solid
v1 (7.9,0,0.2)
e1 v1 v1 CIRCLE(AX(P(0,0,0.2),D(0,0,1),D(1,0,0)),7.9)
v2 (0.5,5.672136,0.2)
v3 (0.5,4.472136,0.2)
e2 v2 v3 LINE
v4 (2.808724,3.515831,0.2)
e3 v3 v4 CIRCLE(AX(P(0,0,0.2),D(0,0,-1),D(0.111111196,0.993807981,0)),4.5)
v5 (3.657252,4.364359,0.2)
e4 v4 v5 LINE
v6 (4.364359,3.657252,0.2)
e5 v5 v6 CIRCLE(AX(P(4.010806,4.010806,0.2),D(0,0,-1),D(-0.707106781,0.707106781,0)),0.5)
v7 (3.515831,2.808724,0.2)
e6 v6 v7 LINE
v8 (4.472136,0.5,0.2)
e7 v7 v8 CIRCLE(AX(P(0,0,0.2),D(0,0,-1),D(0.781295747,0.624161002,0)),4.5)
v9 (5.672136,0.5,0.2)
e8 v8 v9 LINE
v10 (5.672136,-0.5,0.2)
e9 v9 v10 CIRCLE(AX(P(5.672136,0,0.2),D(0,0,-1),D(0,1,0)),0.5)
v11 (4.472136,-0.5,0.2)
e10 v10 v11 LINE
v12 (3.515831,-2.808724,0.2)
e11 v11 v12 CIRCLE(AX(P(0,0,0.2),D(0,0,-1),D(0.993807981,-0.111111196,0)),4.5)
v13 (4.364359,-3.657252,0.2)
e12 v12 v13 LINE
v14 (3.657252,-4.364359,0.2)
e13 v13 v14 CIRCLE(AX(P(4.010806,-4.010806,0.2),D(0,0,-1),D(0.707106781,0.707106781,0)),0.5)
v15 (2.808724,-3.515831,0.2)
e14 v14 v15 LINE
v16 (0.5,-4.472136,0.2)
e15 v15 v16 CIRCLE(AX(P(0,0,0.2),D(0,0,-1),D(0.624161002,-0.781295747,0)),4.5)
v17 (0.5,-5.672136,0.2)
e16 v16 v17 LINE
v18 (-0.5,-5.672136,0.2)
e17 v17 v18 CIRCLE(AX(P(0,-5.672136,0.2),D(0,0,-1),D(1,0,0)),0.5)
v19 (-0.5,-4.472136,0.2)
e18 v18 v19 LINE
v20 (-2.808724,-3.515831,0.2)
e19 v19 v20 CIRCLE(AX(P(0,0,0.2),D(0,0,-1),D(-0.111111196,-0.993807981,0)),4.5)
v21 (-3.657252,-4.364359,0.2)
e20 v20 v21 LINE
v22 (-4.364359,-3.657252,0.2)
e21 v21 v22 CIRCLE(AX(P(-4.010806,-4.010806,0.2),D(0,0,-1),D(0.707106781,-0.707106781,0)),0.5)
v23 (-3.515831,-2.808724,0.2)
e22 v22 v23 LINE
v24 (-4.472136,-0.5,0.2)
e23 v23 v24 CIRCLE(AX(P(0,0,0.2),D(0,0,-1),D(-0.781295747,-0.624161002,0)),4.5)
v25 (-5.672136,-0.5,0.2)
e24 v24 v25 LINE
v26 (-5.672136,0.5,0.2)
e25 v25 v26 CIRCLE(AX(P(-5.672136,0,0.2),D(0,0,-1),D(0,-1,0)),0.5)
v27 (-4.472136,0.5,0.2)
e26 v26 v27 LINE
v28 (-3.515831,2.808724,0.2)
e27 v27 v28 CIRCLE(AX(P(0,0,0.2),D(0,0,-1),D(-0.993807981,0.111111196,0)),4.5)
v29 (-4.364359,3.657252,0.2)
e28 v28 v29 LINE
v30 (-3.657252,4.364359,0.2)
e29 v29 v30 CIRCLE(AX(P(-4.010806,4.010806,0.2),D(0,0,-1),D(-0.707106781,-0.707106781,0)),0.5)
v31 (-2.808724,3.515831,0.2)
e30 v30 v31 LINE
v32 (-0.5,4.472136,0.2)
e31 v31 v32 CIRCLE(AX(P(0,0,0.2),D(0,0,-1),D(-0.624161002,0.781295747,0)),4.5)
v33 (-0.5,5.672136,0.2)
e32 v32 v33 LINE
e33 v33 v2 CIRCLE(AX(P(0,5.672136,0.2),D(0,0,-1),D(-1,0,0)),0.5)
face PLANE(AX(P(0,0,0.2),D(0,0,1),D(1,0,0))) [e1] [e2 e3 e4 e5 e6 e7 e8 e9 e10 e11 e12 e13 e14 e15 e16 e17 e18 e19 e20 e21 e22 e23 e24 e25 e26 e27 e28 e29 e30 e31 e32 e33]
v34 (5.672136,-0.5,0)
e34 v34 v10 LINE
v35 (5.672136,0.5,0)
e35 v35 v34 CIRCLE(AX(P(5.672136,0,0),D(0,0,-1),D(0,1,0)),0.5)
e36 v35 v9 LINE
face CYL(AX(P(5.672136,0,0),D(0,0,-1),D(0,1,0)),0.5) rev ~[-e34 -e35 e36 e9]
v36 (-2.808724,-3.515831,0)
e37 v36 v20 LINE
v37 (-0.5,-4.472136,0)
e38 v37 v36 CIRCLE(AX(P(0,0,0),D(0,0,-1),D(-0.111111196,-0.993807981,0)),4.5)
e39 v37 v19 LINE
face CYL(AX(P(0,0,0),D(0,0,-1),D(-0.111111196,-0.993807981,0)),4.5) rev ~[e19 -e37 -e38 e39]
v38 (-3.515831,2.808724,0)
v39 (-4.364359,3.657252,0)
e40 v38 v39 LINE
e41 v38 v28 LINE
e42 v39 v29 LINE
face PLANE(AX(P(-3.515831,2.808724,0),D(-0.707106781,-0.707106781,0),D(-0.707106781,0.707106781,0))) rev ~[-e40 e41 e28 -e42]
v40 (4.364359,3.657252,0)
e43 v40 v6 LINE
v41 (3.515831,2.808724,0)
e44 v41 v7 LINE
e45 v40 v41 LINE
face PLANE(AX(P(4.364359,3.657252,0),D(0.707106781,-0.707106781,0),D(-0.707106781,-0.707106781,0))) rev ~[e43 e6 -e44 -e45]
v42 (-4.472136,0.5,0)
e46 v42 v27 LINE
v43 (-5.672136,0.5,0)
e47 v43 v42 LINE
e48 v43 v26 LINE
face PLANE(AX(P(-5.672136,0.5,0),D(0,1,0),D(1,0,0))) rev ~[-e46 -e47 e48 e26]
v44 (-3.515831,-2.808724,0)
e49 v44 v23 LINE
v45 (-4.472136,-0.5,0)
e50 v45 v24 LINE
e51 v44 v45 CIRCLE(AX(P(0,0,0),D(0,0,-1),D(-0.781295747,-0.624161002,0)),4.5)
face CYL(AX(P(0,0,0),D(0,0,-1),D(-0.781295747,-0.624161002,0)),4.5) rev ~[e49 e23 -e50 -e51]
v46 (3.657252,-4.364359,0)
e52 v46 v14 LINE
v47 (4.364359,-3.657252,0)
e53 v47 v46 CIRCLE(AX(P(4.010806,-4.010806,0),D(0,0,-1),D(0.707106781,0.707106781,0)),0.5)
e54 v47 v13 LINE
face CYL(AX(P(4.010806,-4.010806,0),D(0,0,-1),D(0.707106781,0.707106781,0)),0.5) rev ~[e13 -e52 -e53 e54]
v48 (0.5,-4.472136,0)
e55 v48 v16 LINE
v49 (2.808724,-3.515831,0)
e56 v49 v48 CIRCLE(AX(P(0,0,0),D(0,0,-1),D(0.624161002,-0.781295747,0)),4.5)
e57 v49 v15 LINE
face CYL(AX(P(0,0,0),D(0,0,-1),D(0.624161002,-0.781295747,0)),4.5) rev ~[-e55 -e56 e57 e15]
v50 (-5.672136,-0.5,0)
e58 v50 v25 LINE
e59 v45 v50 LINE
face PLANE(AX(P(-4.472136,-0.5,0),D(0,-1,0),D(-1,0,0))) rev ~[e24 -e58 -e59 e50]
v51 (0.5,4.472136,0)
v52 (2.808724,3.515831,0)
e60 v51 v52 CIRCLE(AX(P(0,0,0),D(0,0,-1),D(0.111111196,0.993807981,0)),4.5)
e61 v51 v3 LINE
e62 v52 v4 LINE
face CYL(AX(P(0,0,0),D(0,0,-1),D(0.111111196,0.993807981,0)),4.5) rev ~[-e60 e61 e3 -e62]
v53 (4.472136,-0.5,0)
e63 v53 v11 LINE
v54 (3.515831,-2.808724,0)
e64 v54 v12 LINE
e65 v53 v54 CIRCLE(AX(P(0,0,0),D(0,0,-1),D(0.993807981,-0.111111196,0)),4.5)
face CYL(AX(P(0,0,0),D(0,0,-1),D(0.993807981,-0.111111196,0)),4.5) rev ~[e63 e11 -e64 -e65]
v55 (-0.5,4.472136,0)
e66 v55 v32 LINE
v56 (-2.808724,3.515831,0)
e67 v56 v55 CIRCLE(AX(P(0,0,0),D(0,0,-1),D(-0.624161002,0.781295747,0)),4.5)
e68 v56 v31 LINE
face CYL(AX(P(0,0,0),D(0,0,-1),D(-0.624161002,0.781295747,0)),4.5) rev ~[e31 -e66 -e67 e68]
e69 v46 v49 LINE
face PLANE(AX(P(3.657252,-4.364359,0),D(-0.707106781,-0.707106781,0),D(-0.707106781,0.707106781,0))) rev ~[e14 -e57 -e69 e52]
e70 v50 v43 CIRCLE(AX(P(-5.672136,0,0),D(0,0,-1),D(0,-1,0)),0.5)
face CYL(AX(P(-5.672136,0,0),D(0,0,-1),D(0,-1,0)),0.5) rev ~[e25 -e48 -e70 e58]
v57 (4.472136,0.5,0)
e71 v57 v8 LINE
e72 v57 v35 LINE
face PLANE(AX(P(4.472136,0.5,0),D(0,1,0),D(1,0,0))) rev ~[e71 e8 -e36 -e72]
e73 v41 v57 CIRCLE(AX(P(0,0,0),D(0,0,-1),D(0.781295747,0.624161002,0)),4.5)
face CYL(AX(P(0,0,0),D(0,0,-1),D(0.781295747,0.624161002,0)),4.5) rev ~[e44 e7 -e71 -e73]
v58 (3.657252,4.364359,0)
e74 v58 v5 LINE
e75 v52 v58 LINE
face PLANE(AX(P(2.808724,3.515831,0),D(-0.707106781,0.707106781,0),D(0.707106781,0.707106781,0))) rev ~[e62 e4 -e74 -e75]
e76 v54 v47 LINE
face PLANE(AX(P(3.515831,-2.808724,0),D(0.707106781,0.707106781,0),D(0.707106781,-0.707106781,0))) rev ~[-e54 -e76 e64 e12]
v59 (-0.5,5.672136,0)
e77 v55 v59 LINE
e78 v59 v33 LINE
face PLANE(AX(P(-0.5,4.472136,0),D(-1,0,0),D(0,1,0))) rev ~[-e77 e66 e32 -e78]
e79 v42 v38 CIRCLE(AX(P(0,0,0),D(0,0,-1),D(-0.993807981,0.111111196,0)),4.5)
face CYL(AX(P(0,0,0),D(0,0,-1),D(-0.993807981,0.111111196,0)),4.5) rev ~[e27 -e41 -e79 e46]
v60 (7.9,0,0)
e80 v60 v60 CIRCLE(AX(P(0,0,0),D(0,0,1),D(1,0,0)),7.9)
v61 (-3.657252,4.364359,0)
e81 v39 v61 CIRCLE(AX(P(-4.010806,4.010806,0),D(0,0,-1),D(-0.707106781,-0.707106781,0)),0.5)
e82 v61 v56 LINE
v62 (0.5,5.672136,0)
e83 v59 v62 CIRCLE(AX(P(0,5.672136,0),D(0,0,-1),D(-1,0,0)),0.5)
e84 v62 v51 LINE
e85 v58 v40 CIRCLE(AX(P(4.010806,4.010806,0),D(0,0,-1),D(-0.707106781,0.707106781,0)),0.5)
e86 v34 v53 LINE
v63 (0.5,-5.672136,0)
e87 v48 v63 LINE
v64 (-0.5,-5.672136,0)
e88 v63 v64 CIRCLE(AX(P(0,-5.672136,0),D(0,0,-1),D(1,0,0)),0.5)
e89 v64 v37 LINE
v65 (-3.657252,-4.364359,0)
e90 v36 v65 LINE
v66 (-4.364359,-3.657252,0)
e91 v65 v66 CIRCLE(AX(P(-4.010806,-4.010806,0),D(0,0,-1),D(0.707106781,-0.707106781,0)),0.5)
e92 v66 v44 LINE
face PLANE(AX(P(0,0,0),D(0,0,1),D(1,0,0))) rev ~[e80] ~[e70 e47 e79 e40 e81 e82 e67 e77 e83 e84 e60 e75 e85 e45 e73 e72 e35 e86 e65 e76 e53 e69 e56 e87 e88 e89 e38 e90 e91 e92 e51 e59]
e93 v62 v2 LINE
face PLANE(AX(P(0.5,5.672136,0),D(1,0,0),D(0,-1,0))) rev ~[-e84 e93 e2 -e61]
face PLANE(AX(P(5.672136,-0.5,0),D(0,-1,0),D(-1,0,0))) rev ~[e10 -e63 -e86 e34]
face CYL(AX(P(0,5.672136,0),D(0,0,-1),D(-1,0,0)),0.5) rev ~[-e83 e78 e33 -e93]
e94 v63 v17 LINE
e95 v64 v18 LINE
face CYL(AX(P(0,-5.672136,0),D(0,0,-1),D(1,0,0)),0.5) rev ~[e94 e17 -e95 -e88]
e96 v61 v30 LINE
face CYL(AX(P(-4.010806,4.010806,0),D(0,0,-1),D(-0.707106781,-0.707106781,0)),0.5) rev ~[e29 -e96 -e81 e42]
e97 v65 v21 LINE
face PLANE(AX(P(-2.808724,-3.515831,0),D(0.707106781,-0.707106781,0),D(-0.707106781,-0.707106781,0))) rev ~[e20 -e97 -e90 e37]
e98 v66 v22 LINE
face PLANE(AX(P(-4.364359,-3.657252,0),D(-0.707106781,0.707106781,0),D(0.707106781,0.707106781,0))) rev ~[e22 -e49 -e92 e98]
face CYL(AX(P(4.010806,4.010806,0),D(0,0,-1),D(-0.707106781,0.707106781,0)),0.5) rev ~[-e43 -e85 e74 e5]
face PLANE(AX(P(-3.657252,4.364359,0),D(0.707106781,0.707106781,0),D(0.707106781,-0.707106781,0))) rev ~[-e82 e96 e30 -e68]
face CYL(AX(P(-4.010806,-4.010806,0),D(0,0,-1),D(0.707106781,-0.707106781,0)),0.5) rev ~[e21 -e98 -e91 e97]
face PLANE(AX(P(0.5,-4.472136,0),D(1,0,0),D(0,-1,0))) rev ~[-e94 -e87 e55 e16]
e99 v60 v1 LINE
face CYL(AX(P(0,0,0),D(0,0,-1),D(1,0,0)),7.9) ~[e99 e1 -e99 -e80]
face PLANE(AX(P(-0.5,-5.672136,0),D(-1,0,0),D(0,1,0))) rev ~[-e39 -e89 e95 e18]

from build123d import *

# Parameters (mm, degrees)
F0_R     = 7.9
F1_DEPTH = 0.2


with BuildPart() as f1:
    # F0 (on Top) → F1 (new body)
    with BuildSketch(Plane.XY):
        Circle(F0_R)
        with BuildLine():
            ThreePointArc((-2.808724, 3.515831), (-1.722075, 4.157458), (-0.5, 4.472136))
            Line((-0.5, 4.472136), (-0.5, 5.672136))
            ThreePointArc((-0.5, 5.672136), (0, 6.172136), (0.5, 5.672136))
            Line((0.5, 5.672136), (0.5, 4.472136))
            ThreePointArc((0.5, 4.472136), (1.722075, 4.157458), (2.808724, 3.515831))
            Line((2.808724, 3.515831), (3.657252, 4.364359))
            ThreePointArc((3.657252, 4.364359), (4.364359, 4.364359), (4.364359, 3.657252))
            Line((4.364359, 3.657252), (3.515831, 2.808724))
            ThreePointArc((3.515831, 2.808724), (4.157458, 1.722075), (4.472136, 0.5))
            Line((4.472136, 0.5), (5.672136, 0.5))
            ThreePointArc((5.672136, 0.5), (6.172136, 0), (5.672136, -0.5))
            Line((5.672136, -0.5), (4.472136, -0.5))
            ThreePointArc((4.472136, -0.5), (4.157458, -1.722075), (3.515831, -2.808724))
            Line((3.515831, -2.808724), (4.364359, -3.657252))
            ThreePointArc((4.364359, -3.657252), (4.364359, -4.364359), (3.657252, -4.364359))
            Line((3.657252, -4.364359), (2.808724, -3.515831))
            ThreePointArc((2.808724, -3.515831), (1.722075, -4.157458), (0.5, -4.472136))
            Line((0.5, -4.472136), (0.5, -5.672136))
            ThreePointArc((0.5, -5.672136), (0, -6.172136), (-0.5, -5.672136))
            Line((-0.5, -5.672136), (-0.5, -4.472136))
            ThreePointArc((-0.5, -4.472136), (-1.722075, -4.157458), (-2.808724, -3.515831))
            Line((-2.808724, -3.515831), (-3.657252, -4.364359))
            ThreePointArc((-3.657252, -4.364359), (-4.364359, -4.364359), (-4.364359, -3.657252))
            Line((-4.364359, -3.657252), (-3.515831, -2.808724))
            ThreePointArc((-3.515831, -2.808724), (-4.157458, -1.722075), (-4.472136, -0.5))
            Line((-4.472136, -0.5), (-5.672136, -0.5))
            ThreePointArc((-5.672136, -0.5), (-6.172136, 0), (-5.672136, 0.5))
            Line((-5.672136, 0.5), (-4.472136, 0.5))
            ThreePointArc((-4.472136, 0.5), (-4.157458, 1.722075), (-3.515831, 2.808724))
            Line((-3.515831, 2.808724), (-4.364359, 3.657252))
            ThreePointArc((-4.364359, 3.657252), (-4.364359, 4.364359), (-3.657252, 4.364359))
            Line((-3.657252, 4.364359), (-2.808724, 3.515831))
        make_face(mode=Mode.SUBTRACT)
    extrude(amount=F1_DEPTH)


solid = f1.part
